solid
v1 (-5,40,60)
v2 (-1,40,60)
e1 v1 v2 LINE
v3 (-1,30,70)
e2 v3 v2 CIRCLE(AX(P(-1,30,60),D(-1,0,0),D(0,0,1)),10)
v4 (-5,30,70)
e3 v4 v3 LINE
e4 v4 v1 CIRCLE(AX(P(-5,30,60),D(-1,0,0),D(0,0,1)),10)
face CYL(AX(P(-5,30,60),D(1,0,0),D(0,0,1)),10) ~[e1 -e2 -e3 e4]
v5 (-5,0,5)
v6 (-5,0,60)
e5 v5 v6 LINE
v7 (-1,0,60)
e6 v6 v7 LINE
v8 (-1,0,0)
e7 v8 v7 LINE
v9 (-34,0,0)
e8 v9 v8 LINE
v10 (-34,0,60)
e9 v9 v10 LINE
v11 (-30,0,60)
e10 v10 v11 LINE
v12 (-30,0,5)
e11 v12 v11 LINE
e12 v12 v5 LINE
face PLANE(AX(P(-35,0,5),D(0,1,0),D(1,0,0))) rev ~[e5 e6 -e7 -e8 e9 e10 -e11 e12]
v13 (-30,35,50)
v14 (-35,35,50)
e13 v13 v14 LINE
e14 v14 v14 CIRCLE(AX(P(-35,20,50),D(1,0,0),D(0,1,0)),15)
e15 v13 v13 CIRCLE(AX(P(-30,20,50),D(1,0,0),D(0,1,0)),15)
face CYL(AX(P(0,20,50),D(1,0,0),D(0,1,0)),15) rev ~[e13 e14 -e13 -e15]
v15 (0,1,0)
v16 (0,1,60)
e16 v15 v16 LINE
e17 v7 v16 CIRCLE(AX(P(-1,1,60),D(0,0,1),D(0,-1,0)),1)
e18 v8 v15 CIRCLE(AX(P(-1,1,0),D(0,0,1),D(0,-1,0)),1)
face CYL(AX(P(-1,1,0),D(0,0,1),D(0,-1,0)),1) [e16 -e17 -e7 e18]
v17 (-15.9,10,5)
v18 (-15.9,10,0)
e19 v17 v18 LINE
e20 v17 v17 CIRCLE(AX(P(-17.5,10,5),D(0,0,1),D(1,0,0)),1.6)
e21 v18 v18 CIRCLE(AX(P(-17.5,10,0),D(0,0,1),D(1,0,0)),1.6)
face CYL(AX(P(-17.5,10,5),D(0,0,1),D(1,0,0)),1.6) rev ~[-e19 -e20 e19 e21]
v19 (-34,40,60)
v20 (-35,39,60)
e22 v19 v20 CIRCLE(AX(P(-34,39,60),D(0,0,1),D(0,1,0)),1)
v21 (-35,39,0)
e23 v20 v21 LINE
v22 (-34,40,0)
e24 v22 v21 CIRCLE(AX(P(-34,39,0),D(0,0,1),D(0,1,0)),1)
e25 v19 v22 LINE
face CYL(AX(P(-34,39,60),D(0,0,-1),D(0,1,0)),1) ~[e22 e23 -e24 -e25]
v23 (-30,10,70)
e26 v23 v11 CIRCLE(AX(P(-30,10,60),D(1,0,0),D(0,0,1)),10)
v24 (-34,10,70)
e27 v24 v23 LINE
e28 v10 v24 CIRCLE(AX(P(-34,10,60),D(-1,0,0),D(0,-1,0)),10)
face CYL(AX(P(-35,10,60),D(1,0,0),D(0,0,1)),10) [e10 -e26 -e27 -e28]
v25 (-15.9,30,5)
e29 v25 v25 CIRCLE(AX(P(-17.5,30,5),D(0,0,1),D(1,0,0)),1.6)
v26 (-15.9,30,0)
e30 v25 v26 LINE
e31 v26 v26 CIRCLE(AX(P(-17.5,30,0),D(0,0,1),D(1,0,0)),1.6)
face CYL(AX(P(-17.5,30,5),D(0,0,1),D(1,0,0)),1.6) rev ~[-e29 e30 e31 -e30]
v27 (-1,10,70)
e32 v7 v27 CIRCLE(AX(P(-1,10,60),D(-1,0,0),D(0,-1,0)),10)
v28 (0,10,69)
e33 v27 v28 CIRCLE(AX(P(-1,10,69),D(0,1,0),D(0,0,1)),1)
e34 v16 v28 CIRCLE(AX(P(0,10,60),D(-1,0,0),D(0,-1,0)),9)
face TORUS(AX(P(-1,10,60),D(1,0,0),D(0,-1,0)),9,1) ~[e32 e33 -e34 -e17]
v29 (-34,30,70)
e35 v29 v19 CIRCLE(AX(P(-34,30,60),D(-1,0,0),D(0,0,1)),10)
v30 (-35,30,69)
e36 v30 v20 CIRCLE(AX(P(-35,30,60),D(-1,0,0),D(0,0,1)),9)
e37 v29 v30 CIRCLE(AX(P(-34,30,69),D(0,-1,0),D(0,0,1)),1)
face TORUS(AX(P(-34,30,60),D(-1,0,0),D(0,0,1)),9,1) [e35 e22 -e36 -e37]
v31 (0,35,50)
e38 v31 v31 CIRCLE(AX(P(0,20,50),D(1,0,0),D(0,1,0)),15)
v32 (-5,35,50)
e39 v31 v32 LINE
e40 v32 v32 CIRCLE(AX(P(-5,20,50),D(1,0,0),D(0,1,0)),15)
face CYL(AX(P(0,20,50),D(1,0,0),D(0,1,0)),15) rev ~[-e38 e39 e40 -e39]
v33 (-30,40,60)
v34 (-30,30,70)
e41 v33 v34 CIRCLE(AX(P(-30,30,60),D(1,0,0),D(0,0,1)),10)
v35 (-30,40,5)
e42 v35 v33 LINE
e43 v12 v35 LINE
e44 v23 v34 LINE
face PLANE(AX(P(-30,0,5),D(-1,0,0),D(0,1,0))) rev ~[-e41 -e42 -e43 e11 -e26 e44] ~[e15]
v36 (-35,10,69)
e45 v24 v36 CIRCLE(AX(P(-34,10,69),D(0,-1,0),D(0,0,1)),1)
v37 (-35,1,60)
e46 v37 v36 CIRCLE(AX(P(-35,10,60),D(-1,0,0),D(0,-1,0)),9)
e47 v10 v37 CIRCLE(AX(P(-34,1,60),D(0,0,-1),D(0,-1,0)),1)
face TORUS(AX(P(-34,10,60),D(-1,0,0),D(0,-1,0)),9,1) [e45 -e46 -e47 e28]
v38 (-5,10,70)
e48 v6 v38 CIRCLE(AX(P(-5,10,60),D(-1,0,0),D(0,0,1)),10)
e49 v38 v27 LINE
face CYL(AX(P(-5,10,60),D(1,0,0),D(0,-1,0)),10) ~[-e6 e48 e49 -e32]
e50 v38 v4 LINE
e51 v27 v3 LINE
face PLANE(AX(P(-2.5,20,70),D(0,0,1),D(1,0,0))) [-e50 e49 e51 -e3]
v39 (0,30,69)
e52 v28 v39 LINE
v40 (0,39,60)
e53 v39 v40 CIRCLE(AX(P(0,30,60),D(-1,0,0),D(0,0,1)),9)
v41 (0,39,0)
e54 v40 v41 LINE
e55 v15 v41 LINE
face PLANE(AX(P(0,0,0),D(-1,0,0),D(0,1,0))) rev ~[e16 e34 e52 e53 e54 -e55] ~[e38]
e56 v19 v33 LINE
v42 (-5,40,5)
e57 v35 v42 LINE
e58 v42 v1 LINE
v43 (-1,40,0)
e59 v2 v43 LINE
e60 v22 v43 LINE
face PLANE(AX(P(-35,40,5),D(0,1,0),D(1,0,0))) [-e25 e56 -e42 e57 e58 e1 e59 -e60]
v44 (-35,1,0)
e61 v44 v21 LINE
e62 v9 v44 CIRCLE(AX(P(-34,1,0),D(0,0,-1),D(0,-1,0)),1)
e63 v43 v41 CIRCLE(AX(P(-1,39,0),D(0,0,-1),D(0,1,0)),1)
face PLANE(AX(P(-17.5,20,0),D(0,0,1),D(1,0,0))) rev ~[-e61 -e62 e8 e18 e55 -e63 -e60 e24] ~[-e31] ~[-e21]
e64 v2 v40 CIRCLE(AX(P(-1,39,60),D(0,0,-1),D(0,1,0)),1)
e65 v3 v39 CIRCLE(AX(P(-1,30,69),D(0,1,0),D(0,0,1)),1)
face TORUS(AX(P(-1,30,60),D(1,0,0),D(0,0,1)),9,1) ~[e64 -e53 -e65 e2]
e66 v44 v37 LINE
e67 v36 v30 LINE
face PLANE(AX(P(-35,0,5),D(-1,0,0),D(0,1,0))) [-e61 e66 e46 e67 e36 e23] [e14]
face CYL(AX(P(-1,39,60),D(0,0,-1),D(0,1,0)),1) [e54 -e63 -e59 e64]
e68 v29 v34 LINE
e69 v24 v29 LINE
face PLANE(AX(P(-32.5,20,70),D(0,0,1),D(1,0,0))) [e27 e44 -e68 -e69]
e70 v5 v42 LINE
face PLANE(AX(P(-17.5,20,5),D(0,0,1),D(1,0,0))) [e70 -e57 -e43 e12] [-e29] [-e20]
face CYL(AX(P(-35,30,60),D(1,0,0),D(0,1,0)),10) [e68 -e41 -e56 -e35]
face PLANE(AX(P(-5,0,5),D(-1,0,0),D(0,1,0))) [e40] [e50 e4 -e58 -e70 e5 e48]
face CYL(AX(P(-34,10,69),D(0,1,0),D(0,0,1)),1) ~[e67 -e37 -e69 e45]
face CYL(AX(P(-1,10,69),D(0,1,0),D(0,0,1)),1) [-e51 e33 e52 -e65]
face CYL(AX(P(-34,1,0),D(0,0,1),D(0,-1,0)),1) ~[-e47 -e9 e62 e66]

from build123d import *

# Parameters (mm, degrees)
SKETCH_W        = 35
SKETCH_H        = 40
PAD_DEPTH       = 5
SKETCH001_W     = 5
SKETCH001_H     = 40
PAD001_DEPTH    = 65
SKETCH002_R     = 15
POCKET_DEPTH    = 35.001
FILLET_R        = 10
FILLET001_R     = 10
FILLET002_R     = 10
SKETCH003_R     = 1.6
POCKET001_DEPTH = 5.001
FILLET003_R     = 1
FILLET004_R     = 1


with BuildPart() as part:
    # Sketch → Pad (new body)
    with BuildSketch(Plane.XY):
        with Locations((-17.5, 20)):
            Rectangle(SKETCH_W, SKETCH_H)
    extrude(amount=PAD_DEPTH)

    # Sketch001 (on Face6 of Pad) → Pad001 (join)
    with BuildSketch(Plane.XY.offset(5)):
        with Locations((-32.5, 20)):
            Rectangle(SKETCH001_W, SKETCH001_H)
        with Locations((-2.5, 20)):
            Rectangle(SKETCH001_W, SKETCH001_H)
    extrude(amount=PAD001_DEPTH)

    # Sketch002 (on Face9 of Pad001) → Pocket (cut, through all)
    with BuildSketch(Plane.YZ):
        with Locations((20, 50)):
            Circle(SKETCH002_R)
    extrude(amount=-POCKET_DEPTH, mode=Mode.SUBTRACT)

    # Fillet
    fillet_edges = [part.edges().sort_by_distance(p)[0] for p in [
        (-32.5, 0, 70),
    ]]
    fillet(fillet_edges, radius=FILLET_R)

    # Fillet001
    fillet001_edges = [part.edges().sort_by_distance(p)[0] for p in [
        (-2.5, 0, 70),
    ]]
    fillet(fillet001_edges, radius=FILLET001_R)

    # Fillet002
    fillet002_edges = [part.edges().sort_by_distance(p)[0] for p in [
        (-32.5, 40, 70),
        (-2.5, 40, 70),
    ]]
    fillet(fillet002_edges, radius=FILLET002_R)

    # Sketch003 (on Face7 of Fillet002) → Pocket001 (cut, through all)
    with BuildSketch(Plane.XY.offset(5)):
        with Locations((-17.5, 30)):
            Circle(SKETCH003_R)
        with Locations((-17.5, 10)):
            Circle(SKETCH003_R)
    extrude(amount=-POCKET001_DEPTH, mode=Mode.SUBTRACT)

    # Fillet003
    fillet003_edges = [part.edges().sort_by_distance(p)[0] for p in [
        (0, 0, 2.5),
        (0, 0, 32.5),
        (0, 2.928932, 67.071068),
        (0, 20, 70),
        (0, 37.071068, 67.071068),
        (0, 40, 32.5),
        (0, 40, 2.5),
    ]]
    fillet(fillet003_edges, radius=FILLET003_R)

    # Fillet004
    fillet004_edges = [part.edges().sort_by_distance(p)[0] for p in [
        (-35, 0, 32.5),
        (-35, 0, 2.5),
        (-35, 2.928932, 67.071068),
        (-35, 20, 70),
        (-35, 37.071068, 67.071068),
        (-35, 40, 32.5),
        (-35, 40, 2.5),
    ]]
    fillet(fillet004_edges, radius=FILLET004_R)


solid = part.part
